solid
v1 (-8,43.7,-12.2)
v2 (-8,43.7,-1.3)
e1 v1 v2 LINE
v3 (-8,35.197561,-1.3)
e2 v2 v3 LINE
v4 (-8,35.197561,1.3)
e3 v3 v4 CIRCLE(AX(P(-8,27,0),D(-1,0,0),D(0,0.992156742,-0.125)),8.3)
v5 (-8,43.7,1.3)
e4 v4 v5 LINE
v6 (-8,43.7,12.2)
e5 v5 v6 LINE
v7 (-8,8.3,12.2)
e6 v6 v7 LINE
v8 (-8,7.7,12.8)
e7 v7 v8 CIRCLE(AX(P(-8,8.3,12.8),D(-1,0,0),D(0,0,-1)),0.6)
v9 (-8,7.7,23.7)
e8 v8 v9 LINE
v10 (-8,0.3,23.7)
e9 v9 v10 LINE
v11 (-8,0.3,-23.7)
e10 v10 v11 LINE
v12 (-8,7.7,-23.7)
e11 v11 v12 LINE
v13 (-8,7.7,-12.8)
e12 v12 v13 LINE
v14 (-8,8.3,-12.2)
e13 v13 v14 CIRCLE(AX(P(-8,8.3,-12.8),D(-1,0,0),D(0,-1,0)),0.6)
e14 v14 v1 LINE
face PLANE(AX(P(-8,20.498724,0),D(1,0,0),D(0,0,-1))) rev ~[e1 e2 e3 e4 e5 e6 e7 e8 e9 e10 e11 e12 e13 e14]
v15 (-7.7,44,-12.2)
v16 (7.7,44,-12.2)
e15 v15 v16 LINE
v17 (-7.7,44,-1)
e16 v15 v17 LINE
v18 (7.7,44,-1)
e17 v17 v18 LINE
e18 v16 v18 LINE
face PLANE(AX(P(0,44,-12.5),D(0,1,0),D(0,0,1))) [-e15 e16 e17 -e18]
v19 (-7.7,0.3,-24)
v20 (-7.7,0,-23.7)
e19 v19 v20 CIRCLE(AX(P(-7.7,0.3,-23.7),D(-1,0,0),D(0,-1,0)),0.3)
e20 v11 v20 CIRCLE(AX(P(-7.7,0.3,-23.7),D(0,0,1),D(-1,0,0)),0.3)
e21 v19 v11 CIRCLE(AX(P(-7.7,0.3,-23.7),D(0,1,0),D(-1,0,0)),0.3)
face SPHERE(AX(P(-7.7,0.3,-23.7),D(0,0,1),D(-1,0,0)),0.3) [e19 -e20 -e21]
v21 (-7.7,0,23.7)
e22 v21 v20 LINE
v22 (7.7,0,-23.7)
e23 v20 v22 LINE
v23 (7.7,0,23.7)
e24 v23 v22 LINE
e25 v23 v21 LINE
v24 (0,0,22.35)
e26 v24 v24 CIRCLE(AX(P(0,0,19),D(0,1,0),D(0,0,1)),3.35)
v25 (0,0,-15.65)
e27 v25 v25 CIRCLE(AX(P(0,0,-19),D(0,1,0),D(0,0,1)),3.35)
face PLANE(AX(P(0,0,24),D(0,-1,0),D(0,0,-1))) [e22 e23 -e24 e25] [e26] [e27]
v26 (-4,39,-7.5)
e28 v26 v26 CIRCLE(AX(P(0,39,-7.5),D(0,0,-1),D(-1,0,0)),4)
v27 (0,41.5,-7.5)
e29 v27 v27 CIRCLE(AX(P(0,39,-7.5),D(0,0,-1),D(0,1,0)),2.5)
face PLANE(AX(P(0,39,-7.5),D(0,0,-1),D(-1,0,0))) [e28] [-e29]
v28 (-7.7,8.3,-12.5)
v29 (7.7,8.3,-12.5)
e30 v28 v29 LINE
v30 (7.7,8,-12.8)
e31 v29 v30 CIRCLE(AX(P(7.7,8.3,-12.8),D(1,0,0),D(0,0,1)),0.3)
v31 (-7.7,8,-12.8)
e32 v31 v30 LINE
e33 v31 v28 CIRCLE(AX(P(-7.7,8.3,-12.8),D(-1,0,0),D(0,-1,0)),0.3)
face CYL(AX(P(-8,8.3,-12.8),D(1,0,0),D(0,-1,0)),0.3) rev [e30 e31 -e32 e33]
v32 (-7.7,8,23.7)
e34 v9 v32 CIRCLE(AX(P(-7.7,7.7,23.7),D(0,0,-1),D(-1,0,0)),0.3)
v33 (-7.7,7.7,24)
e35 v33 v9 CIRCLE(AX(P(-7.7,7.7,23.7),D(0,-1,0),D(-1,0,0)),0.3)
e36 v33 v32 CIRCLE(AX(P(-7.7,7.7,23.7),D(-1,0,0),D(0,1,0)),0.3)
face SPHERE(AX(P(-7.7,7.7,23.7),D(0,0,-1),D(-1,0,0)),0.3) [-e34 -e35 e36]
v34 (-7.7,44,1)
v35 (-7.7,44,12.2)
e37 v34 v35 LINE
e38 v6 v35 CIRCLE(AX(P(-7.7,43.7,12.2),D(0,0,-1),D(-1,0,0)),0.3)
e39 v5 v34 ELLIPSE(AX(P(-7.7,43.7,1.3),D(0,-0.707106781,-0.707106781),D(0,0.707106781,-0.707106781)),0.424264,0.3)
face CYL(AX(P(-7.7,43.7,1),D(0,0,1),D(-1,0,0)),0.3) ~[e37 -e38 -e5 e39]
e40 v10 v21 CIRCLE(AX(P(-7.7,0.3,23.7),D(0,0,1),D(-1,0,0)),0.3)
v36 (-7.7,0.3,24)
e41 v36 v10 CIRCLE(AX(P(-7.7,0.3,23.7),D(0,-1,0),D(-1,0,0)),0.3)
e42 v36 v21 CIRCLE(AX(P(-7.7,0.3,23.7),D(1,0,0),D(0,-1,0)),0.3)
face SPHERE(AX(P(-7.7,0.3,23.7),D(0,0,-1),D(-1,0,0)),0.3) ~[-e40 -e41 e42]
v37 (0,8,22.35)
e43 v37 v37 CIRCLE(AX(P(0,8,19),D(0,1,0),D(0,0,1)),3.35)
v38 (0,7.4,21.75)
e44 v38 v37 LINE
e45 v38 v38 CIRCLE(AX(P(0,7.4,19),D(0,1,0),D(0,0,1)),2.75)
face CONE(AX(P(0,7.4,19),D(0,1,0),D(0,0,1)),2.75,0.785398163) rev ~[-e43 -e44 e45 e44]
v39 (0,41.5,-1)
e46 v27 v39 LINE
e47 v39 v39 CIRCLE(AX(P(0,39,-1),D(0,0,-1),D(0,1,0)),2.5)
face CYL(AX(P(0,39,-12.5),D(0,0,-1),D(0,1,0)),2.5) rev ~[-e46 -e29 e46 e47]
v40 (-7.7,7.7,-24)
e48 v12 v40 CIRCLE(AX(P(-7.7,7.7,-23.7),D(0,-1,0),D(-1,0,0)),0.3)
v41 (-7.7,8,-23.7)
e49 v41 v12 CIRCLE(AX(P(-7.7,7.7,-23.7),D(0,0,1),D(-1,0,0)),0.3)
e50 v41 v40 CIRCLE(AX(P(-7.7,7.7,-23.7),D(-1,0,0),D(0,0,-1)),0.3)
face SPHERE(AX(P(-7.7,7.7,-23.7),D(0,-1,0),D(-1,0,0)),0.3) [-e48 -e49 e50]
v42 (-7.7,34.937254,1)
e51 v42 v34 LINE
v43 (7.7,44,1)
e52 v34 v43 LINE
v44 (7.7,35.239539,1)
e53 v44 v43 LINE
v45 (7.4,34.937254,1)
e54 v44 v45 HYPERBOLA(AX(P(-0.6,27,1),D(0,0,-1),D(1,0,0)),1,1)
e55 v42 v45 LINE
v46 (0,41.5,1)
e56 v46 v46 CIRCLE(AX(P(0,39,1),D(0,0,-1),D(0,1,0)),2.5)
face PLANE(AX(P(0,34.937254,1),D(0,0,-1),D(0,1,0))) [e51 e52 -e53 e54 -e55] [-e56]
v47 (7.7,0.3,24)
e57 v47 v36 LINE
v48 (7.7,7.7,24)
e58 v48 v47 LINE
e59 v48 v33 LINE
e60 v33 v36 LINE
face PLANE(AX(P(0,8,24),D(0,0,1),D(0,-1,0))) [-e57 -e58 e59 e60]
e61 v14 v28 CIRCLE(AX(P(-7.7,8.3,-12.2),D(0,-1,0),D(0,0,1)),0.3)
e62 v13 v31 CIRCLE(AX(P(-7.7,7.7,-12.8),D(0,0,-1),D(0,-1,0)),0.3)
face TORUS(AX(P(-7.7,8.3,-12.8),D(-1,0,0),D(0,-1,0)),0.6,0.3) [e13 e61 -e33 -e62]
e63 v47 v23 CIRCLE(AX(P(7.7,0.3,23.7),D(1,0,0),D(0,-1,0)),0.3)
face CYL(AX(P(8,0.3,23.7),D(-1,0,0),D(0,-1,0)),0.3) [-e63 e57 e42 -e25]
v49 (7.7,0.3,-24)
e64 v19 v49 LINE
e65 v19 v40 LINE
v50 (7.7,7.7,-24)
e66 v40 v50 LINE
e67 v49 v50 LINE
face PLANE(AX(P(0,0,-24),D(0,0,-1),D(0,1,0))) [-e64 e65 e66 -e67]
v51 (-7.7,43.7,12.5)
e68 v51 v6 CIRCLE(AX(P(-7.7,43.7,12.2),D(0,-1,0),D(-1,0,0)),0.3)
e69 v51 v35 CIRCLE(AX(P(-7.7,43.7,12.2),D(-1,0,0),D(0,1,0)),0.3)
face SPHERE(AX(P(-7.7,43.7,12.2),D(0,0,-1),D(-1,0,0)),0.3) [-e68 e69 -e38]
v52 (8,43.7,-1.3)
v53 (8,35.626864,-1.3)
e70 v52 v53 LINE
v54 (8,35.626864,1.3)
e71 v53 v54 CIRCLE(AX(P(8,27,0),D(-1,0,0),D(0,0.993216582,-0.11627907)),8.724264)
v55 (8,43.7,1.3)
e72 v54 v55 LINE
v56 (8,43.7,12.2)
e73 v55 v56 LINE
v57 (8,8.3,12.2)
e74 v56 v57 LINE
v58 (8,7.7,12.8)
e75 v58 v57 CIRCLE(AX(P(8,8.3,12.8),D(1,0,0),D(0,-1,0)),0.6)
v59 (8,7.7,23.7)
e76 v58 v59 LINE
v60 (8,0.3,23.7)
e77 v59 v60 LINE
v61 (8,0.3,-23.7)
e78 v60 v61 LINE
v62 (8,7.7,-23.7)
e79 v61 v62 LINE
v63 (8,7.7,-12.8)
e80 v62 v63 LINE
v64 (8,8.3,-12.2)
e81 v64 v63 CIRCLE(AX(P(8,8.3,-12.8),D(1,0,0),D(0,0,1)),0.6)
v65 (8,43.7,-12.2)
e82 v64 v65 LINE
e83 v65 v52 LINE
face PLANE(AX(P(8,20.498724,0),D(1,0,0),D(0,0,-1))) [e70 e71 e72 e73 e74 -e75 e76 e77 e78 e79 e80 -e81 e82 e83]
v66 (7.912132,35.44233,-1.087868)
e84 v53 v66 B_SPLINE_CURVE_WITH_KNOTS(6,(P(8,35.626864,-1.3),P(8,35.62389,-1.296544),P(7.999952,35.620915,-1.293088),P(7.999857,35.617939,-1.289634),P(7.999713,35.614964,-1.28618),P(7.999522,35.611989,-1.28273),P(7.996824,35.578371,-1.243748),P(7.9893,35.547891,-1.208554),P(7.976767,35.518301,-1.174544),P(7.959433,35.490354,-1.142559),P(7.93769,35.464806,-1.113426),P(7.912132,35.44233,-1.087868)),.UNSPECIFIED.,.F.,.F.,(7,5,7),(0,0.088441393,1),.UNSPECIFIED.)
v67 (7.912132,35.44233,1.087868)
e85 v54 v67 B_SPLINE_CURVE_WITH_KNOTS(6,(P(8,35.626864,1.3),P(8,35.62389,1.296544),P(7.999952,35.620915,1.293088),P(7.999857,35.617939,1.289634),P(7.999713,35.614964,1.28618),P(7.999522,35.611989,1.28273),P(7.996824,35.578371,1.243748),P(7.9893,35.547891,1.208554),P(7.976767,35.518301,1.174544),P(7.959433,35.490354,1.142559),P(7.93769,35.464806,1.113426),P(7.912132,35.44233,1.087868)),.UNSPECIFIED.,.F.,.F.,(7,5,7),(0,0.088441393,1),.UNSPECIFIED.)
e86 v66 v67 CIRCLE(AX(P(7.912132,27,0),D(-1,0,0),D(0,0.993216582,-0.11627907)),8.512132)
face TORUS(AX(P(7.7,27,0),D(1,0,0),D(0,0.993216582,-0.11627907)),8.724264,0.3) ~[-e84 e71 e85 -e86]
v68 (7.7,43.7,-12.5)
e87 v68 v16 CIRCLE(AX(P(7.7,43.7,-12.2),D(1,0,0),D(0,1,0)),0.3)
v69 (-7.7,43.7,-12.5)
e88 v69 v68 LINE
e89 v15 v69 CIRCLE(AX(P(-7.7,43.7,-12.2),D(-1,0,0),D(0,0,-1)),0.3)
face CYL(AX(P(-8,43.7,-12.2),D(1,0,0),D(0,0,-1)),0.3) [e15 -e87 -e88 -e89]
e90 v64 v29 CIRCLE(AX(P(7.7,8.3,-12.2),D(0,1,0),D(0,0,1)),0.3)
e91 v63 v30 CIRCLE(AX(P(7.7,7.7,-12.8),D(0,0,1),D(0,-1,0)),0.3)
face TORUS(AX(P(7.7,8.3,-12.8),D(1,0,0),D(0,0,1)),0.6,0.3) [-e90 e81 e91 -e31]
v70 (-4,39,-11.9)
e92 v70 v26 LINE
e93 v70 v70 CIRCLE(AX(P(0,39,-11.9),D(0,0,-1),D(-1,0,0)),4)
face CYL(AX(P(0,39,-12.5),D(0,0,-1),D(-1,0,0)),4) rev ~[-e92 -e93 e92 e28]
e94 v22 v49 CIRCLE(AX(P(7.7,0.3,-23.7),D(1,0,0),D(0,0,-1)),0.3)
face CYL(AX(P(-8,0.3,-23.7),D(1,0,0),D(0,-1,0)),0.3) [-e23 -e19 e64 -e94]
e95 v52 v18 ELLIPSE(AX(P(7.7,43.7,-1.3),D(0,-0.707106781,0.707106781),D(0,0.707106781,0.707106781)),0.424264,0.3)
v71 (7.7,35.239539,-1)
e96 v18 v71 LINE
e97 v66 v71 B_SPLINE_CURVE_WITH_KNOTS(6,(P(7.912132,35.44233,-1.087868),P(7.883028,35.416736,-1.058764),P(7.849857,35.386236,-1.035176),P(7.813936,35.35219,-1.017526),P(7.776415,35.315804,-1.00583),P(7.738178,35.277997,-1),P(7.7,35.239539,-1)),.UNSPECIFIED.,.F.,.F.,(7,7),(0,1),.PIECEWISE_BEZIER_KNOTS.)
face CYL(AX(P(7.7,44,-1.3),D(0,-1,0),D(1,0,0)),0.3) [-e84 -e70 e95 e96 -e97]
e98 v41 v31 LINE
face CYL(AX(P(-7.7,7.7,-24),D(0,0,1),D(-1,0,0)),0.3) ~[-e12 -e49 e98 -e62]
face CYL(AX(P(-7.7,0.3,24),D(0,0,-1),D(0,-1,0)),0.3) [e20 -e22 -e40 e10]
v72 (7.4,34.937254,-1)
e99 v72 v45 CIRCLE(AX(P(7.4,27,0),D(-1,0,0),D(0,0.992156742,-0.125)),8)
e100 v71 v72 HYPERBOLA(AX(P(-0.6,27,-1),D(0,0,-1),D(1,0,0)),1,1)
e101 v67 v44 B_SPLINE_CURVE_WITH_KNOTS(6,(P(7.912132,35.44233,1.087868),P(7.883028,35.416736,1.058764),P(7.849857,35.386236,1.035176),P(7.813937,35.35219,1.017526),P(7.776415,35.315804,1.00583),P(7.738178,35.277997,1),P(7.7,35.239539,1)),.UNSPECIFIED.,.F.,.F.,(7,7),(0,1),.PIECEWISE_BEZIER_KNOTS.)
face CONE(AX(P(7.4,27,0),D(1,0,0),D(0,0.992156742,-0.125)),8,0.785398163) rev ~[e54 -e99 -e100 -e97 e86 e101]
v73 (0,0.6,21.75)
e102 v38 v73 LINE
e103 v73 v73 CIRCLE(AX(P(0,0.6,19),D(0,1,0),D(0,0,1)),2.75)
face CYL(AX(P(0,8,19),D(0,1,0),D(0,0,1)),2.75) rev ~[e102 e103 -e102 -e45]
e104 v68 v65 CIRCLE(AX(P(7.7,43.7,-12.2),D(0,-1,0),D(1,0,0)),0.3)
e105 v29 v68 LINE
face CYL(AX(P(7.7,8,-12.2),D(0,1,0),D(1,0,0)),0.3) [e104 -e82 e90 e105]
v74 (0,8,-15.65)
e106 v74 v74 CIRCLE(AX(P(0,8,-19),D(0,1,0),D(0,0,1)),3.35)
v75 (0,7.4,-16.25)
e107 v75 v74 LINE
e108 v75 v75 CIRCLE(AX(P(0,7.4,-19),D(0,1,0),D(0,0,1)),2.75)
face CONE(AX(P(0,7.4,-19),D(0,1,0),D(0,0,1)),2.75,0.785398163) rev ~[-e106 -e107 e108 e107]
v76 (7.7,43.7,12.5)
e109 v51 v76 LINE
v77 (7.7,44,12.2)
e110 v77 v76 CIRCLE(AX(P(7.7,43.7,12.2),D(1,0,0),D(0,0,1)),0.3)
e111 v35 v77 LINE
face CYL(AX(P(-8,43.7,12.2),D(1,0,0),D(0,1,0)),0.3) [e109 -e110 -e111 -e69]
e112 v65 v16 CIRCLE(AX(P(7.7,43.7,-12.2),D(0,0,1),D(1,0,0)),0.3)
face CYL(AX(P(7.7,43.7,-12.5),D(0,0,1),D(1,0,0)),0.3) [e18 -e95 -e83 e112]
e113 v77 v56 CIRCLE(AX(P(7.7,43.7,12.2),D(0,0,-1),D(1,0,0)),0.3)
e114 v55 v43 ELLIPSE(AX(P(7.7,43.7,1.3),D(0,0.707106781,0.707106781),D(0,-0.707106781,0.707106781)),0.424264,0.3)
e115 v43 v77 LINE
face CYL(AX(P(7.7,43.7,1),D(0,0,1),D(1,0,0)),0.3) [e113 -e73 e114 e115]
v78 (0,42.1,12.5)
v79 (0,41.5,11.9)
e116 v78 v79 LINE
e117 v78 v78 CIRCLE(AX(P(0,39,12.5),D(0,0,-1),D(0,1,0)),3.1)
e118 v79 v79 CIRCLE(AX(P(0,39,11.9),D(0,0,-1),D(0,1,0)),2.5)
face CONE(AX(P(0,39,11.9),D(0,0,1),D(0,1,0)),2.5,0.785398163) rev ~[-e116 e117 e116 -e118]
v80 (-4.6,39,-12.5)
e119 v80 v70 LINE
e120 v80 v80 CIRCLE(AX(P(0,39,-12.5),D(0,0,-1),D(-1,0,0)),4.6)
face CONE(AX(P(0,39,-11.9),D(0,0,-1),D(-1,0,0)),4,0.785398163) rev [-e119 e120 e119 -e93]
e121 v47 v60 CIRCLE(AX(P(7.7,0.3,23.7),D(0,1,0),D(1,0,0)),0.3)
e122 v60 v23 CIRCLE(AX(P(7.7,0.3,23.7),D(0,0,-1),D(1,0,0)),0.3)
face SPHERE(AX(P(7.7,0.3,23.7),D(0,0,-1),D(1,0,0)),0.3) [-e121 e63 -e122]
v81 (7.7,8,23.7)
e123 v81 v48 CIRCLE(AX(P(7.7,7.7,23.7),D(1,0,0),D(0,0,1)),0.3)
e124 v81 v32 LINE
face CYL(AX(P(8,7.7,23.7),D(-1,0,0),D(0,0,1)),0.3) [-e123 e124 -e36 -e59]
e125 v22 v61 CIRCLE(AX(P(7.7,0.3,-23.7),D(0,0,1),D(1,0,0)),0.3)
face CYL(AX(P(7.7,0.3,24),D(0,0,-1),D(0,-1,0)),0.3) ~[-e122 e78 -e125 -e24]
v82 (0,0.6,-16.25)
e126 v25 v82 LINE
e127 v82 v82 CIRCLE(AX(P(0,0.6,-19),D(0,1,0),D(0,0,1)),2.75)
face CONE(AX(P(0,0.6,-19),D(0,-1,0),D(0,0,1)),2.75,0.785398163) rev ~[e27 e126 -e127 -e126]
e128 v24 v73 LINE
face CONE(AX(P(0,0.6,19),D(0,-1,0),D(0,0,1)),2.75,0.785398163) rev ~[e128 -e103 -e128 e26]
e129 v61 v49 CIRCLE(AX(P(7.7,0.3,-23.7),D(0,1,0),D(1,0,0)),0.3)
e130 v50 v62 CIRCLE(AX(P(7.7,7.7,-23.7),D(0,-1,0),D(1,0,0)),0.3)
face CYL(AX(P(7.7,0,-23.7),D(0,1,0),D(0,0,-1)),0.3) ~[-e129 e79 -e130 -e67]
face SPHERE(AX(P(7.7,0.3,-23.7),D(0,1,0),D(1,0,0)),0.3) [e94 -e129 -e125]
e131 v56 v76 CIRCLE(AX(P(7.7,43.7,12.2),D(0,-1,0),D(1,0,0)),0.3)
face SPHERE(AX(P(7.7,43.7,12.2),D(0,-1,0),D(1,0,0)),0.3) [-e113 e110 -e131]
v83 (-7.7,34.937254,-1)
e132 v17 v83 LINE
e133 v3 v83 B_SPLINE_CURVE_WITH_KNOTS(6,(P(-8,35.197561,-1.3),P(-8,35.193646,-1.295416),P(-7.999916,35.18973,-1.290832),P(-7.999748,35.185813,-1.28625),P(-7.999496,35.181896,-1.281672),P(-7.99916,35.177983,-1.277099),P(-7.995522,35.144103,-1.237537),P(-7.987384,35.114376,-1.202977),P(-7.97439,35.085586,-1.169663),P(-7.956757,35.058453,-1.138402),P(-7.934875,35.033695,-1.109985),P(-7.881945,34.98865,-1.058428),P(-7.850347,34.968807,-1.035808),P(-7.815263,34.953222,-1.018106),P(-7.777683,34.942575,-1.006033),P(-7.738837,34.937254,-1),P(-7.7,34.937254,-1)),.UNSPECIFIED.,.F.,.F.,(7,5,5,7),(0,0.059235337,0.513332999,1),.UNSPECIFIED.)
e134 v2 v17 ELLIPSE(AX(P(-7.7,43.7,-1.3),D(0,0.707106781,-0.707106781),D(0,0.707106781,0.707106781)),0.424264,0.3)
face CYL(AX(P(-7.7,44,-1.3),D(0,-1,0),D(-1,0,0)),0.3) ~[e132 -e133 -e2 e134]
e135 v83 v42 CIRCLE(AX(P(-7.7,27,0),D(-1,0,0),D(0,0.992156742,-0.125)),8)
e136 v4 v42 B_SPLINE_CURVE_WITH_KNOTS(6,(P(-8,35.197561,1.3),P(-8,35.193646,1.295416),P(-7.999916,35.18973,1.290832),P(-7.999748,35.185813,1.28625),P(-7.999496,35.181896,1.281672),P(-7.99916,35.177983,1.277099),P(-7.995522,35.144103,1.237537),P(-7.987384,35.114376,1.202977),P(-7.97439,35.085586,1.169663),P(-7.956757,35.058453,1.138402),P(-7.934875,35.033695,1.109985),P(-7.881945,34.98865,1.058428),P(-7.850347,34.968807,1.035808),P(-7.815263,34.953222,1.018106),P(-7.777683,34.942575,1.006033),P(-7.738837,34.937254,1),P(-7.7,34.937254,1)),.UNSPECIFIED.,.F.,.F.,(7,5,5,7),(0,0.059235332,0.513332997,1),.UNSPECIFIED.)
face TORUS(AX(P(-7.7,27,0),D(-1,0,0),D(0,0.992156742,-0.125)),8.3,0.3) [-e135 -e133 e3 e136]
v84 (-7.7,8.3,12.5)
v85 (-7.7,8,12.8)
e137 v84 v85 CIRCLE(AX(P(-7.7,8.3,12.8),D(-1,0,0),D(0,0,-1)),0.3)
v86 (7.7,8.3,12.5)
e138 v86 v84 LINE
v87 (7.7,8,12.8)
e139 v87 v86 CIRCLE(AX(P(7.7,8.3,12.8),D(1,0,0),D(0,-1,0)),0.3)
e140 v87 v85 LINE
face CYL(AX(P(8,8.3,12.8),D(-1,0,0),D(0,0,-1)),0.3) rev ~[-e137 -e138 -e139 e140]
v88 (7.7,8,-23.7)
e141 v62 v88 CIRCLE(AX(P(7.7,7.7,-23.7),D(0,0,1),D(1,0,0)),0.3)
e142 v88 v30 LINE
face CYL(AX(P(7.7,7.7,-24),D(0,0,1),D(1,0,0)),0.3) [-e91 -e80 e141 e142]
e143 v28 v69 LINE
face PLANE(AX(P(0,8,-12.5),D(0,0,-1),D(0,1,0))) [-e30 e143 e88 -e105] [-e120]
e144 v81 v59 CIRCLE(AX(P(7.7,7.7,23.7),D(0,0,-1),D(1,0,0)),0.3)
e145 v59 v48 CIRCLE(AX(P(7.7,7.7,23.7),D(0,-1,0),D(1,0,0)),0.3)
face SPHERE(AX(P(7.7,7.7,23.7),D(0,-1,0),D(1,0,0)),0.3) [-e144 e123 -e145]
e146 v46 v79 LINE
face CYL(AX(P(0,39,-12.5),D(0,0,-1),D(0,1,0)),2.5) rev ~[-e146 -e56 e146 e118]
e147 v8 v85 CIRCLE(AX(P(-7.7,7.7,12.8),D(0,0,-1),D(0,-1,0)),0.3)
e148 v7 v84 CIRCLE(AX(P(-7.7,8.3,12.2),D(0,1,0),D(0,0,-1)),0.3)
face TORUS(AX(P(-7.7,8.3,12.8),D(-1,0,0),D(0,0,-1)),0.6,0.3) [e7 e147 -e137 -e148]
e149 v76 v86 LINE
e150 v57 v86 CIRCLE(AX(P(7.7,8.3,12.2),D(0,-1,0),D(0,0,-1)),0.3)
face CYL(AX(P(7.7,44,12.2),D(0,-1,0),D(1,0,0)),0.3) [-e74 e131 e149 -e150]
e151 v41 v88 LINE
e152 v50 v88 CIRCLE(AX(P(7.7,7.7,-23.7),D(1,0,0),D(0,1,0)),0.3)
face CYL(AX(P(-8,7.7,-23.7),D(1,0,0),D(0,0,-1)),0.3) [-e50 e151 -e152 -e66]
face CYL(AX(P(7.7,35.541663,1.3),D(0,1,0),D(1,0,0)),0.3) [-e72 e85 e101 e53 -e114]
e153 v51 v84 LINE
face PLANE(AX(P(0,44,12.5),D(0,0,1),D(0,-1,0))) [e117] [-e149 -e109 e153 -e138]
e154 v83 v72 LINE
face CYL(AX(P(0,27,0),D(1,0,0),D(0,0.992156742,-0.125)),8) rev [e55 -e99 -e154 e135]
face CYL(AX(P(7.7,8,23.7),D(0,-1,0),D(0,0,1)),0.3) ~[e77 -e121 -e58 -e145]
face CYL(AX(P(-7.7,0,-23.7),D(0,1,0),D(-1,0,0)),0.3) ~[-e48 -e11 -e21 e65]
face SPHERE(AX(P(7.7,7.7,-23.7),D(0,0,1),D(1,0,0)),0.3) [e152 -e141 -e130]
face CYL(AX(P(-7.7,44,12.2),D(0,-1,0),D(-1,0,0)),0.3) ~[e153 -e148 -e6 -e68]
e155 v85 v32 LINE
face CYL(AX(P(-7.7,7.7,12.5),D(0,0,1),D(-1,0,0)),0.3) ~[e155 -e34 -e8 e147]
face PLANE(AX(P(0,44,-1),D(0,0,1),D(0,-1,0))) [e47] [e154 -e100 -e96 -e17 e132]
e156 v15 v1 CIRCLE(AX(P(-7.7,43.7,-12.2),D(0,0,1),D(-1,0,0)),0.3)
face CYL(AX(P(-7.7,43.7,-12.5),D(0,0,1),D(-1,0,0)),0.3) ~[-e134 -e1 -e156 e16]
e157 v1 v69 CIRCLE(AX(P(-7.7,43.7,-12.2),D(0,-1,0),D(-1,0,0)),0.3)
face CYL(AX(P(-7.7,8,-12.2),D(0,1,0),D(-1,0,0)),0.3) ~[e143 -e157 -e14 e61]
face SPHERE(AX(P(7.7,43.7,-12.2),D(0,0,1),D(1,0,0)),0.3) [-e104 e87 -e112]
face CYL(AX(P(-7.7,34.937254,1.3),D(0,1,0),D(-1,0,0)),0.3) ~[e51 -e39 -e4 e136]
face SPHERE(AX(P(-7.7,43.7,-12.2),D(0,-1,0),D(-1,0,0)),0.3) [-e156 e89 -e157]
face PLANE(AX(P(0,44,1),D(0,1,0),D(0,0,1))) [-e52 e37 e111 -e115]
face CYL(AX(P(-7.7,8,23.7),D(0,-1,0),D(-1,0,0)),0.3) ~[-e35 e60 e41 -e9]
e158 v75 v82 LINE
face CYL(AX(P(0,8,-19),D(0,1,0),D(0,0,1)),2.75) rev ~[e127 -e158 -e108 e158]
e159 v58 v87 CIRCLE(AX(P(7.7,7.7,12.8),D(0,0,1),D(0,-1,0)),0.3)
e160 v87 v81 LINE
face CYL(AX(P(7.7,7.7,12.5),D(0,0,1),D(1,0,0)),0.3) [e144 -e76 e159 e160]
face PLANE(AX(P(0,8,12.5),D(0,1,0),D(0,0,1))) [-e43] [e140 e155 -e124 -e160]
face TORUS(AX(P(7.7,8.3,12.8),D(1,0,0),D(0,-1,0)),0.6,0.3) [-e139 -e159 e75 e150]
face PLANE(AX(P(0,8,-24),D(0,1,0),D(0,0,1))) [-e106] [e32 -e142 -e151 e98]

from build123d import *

# Parameters (mm, degrees)
BOSS_EXTRUDE1_DEPTH = 8
SKETCH2_R           = 2.75
CUT_EXTRUDE1_DEPTH  = 9
SKETCH3_R           = 2.5
CUT_EXTRUDE2_DEPTH  = 37.5
SKETCH4_R           = 4
CUT_EXTRUDE3_DEPTH  = 5
CHAMFER_1_SIZE      = 0.6
FILLET_1_R          = 0.3


with BuildPart() as part:
    # Sketch1 → Boss-Extrude1 (new body, symmetric)
    with BuildSketch(Plane(origin=(0, 0, 0), x_dir=(0, 0, -1), z_dir=(1, 0, 0))):
        with BuildLine():
            Line((-24, 0), (24, 0))
            Line((24, 0), (24, 8))
            Line((24, 8), (12.5, 8))
            Line((12.5, 8), (12.5, 44))
            Line((12.5, 44), (1, 44))
            Line((1, 44), (1, 34.937253933))
            ThreePointArc((1, 34.937253933), (0, 19), (-1, 34.937253933))
            Line((-1, 34.937253933), (-1, 44))
            Line((-1, 44), (-12.5, 44))
            Line((-12.5, 44), (-12.5, 8))
            Line((-12.5, 8), (-24, 8))
            Line((-24, 8), (-24, 0))
        make_face()
    extrude(amount=BOSS_EXTRUDE1_DEPTH, both=True)

    # Sketch2 → Cut-Extrude1 (cut, through all)
    with BuildSketch(Plane(origin=(0, 8, 0), x_dir=(1, 0, 0), z_dir=(0, 1, 0))):
        with Locations(Location((0, -19, 0), (0, 0, 270))):  # turned: the seam where the file's is
            Circle(SKETCH2_R)
        with Locations(Location((0, 19, 0), (0, 0, 270))):  # turned: the seam where the file's is
            Circle(SKETCH2_R)
    extrude(amount=-CUT_EXTRUDE1_DEPTH, mode=Mode.SUBTRACT)

    # Sketch3 → Cut-Extrude2 (cut, through all)
    with BuildSketch(Plane(origin=(0, 0, -12.5), x_dir=(-1, 0, 0), z_dir=(0, 0, -1))):
        with Locations(Location((0, 39, 0), (0, 0, 90))):  # turned: the seam where the file's is
            Circle(SKETCH3_R)
    extrude(amount=-CUT_EXTRUDE2_DEPTH, mode=Mode.SUBTRACT)

    # Sketch4 → Cut-Extrude3 (cut)
    with BuildSketch(Plane(origin=(0, 0, -12.5), x_dir=(-1, 0, 0), z_dir=(0, 0, -1))):
        with Locations((0, 39)):
            Circle(SKETCH4_R)
    extrude(amount=-CUT_EXTRUDE3_DEPTH, mode=Mode.SUBTRACT)

    # Фаска1
    chamfer_1_edges = [part.edges().sort_by_distance(p)[0] for p in [
        (8, 19, 0),
        (0, 0, 16.25),
        (0, 8, 16.25),
        (0, 0, -21.75),
        (0, 8, -21.75),
        (0, 36.5, 12.5),
        (4, 39, -12.5),
    ]]
    chamfer(chamfer_1_edges, length=CHAMFER_1_SIZE)

    # Скругление1
    fillet_1_edges = [part.edges().sort_by_distance(p)[0] for p in [
        (-8, 0, 0),
        (-8, 4, -24),
        (-8, 8, -18.25),
        (-8, 26, -12.5),
        (-8, 44, -6.75),
        (-8, 39.468626967, -1),
        (-8, 19, 0),
        (-8, 39.468626967, 1),
        (-8, 44, 6.75),
        (-8, 26, 12.5),
        (-8, 8, 18.25),
        (-8, 4, 24),
        (8, 44, -6.75),
        (8, 26, -12.5),
        (8, 8, -18.25),
        (8, 4, -24),
        (8, 0, 0),
        (8, 4, 24),
        (8, 8, 18.25),
        (8, 26, 12.5),
        (8, 44, 6.75),
        (8, 39.770831301, 1),
        (8, 18.4, 0),
        (8, 39.770831301, -1),
        (0, 0, -24),
        (0, 8, -24),
        (0, 8, -12.5),
        (0, 44, -12.5),
        (0, 0, 24),
        (0, 44, 12.5),
        (0, 8, 12.5),
        (0, 8, 24),
    ]]
    fillet(fillet_1_edges, radius=FILLET_1_R)


solid = part.part
